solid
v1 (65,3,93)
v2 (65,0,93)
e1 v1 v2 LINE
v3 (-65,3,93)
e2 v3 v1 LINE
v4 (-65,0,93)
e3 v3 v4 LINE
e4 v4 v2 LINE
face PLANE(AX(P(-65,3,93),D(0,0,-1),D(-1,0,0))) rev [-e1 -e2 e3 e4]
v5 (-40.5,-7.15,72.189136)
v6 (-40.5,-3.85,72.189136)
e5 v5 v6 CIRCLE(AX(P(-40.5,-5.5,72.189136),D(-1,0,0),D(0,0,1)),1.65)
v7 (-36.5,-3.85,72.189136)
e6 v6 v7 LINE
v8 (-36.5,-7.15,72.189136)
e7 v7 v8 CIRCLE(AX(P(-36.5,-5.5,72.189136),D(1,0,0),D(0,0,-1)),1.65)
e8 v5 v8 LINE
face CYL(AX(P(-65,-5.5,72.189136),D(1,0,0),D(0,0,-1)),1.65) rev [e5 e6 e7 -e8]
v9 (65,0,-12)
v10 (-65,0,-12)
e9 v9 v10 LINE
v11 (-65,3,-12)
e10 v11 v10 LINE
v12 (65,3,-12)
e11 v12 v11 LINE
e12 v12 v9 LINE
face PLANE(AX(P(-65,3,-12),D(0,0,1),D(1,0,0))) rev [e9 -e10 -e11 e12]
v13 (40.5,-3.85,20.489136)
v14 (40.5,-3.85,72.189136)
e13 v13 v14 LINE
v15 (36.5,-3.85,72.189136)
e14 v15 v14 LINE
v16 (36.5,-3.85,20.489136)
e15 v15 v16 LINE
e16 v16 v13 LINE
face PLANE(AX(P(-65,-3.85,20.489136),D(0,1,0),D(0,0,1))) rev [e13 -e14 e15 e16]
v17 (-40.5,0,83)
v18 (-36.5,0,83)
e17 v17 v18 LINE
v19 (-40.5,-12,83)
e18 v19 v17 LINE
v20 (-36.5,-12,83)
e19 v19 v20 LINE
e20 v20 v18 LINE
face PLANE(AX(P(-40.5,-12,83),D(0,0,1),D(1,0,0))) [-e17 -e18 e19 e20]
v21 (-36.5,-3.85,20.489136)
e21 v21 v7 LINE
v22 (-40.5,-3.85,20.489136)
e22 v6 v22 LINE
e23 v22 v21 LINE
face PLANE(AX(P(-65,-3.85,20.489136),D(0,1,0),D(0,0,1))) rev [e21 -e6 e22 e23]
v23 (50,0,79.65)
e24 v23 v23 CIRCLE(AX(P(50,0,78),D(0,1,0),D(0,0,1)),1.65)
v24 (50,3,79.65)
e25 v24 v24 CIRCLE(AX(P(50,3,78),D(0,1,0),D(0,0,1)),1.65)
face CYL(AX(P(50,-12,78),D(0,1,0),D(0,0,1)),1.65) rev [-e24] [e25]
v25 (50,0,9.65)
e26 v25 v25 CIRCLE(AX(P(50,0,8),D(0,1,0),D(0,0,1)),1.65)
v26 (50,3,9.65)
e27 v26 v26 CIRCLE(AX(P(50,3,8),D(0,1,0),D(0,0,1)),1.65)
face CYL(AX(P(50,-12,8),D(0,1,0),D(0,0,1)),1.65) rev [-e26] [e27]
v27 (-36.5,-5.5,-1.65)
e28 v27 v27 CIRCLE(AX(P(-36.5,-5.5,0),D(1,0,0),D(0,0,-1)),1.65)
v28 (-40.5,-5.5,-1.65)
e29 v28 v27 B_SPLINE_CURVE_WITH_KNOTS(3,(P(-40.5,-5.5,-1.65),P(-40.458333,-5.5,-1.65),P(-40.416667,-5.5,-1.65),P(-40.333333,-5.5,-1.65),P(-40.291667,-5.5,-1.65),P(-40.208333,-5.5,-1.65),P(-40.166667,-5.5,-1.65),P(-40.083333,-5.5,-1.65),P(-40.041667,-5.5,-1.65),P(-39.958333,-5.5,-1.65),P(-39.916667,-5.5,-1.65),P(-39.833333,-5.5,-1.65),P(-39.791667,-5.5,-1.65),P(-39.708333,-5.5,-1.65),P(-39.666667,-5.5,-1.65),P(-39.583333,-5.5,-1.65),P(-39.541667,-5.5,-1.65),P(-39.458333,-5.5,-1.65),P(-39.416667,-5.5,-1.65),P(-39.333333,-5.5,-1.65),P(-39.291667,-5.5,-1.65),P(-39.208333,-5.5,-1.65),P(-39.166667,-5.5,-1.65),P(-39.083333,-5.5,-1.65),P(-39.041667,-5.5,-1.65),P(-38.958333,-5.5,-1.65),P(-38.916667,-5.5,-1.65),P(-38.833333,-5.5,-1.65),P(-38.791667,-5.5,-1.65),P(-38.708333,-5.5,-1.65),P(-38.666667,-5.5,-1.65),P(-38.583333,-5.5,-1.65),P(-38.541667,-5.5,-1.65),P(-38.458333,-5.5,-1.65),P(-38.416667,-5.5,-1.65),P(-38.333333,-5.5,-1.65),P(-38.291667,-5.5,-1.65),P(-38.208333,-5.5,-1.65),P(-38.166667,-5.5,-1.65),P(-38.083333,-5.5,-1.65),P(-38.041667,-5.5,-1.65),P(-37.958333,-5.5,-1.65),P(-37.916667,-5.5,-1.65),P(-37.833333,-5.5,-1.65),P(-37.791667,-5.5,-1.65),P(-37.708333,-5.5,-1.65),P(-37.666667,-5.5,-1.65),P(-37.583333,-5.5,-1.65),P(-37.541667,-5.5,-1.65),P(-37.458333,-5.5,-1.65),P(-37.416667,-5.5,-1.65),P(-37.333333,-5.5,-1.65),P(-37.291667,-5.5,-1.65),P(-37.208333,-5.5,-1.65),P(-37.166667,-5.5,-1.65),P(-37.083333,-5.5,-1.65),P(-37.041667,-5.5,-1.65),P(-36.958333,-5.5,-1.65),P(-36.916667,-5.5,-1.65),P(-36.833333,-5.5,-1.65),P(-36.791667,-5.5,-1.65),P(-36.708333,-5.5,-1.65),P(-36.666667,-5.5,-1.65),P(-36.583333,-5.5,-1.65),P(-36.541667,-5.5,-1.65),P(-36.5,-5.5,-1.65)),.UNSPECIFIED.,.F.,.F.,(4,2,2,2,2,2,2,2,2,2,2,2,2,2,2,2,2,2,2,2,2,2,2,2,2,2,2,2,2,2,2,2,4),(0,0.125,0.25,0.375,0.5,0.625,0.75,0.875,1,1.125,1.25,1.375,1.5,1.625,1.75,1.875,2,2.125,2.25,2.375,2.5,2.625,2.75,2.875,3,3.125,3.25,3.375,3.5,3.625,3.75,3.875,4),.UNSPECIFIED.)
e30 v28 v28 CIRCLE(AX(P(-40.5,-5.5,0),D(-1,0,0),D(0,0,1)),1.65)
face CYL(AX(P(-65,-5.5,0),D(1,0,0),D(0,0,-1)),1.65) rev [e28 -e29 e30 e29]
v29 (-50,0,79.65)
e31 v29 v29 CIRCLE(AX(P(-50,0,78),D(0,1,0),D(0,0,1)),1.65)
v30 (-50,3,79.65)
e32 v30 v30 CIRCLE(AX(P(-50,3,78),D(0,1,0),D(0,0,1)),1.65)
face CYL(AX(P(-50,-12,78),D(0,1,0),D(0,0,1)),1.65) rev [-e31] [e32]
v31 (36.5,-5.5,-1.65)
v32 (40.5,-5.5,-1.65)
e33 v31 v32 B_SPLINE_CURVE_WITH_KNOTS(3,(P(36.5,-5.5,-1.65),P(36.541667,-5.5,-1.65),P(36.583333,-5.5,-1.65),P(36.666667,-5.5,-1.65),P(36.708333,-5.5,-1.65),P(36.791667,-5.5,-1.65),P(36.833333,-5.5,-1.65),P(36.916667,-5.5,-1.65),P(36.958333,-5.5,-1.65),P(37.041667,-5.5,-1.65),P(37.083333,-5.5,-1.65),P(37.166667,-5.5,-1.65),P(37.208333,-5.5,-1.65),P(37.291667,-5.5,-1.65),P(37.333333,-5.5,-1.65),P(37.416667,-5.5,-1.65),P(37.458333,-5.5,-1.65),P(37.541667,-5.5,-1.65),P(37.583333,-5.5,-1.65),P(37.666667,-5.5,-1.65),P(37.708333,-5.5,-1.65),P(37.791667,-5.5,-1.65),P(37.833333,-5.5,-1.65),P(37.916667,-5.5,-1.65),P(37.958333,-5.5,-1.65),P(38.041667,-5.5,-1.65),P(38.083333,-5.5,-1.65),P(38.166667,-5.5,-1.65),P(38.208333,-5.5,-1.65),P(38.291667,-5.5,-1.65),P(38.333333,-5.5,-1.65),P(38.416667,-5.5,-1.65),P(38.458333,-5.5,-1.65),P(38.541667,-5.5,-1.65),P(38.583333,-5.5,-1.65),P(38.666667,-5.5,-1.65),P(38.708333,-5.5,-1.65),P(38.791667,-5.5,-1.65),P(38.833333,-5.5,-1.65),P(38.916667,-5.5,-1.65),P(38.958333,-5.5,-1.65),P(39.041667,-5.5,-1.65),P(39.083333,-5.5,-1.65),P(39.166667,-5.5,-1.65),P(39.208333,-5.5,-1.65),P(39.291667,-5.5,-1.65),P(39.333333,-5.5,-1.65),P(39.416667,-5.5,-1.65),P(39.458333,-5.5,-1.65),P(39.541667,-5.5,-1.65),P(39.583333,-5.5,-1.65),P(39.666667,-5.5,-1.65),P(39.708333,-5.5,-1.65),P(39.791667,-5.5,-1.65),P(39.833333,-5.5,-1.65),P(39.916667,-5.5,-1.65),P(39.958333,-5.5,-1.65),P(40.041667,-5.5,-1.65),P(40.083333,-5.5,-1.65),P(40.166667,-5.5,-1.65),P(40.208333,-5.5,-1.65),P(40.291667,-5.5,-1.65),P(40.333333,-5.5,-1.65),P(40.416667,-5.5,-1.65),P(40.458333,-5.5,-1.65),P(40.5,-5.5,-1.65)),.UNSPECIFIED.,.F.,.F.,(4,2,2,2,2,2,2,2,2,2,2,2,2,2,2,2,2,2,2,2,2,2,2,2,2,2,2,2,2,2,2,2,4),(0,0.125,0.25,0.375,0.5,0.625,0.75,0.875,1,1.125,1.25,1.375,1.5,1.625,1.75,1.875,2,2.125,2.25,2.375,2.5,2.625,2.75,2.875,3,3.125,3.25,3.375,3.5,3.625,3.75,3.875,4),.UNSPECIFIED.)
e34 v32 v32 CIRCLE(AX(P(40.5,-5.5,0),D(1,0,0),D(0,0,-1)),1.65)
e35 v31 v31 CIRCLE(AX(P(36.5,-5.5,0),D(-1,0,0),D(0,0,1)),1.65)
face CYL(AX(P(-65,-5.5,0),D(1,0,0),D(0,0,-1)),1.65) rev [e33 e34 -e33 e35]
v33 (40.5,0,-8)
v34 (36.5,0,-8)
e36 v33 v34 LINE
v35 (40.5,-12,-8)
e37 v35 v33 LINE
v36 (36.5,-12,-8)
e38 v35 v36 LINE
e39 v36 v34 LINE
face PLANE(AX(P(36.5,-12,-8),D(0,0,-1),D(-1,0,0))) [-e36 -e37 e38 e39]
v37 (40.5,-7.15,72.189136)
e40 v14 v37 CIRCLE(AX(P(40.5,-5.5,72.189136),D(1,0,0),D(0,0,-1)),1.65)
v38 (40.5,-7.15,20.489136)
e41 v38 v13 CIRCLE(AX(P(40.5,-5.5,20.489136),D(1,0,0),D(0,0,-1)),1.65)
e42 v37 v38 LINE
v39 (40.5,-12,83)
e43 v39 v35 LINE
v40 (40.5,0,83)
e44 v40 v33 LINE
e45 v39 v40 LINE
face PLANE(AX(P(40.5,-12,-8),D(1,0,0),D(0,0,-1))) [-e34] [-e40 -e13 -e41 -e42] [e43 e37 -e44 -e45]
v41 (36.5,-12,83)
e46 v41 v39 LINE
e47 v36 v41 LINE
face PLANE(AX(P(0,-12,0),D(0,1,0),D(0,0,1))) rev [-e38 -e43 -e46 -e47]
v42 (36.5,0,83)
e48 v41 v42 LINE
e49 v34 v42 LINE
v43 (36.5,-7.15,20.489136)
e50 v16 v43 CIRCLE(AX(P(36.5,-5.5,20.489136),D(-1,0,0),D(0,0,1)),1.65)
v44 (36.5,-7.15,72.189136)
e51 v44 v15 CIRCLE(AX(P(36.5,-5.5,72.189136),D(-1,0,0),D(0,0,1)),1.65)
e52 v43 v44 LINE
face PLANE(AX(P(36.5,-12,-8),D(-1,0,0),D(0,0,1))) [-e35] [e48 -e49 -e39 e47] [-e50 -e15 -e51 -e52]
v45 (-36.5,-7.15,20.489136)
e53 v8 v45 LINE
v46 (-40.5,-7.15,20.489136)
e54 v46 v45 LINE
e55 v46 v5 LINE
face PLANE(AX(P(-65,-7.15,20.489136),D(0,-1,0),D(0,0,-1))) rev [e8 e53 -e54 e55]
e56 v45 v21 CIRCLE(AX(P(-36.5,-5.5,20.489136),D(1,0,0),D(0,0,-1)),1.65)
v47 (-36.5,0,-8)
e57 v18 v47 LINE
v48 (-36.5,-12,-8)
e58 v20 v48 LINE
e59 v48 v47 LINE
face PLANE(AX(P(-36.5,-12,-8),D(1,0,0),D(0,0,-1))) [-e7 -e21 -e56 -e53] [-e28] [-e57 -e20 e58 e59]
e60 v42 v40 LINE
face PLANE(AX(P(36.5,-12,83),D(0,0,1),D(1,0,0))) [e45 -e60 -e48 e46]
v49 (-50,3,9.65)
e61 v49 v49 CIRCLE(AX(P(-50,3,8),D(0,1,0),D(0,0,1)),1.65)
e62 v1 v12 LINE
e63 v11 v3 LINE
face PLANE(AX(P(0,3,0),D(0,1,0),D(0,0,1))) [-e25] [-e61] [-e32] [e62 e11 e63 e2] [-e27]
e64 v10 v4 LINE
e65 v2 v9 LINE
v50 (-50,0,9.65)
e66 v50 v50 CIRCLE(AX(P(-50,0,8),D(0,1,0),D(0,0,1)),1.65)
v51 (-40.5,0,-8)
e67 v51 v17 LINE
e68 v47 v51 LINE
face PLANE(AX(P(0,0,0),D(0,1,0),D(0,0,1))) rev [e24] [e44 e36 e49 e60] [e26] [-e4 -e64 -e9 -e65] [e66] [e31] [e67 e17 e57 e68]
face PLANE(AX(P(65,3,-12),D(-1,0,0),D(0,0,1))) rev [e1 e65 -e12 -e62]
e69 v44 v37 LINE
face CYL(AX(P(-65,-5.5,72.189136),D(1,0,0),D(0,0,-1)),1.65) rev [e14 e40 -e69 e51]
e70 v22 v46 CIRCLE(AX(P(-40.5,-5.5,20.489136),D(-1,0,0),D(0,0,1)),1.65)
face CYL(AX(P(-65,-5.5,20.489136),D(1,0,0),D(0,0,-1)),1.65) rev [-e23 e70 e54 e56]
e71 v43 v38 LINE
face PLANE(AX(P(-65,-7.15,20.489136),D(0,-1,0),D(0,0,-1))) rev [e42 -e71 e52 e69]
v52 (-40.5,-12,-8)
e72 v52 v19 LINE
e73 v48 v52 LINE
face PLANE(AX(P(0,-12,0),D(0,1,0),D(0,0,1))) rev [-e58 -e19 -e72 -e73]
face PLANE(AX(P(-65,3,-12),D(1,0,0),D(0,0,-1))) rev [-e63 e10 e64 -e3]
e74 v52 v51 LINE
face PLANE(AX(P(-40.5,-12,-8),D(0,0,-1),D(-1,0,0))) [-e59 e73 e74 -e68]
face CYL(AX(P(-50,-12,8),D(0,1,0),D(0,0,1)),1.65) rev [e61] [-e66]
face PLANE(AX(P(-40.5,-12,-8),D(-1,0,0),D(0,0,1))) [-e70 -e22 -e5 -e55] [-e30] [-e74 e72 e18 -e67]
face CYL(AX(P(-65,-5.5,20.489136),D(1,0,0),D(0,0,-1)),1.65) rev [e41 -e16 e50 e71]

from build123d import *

# Parameters (mm, degrees)
SKETCH_1_W         = 130
SKETCH_1_H         = 105
F_3MM_DEPTH        = 3
SKETCH_2_W         = 4
SKETCH_2_H         = 91
F_12MM_DEPTH       = 12
SKETCH_3_R         = 1.65
F_3P3MM_DEPTH      = 142.149743181
SKETCH_4_R         = 1.65
CUT_EXTRUDE1_DEPTH = 115.450862819


with BuildPart() as part:
    # 草图1 → 支架连接板_3mm (new body)
    with BuildSketch(Plane(origin=(0, 0, 0), x_dir=(1, 0, 0), z_dir=(0, 1, 0))):
        with Locations((0, -40.5)):
            Rectangle(SKETCH_1_W, SKETCH_1_H)
    extrude(amount=F_3MM_DEPTH)

    # 草图2 → 左右导轨_12mm (add)
    with BuildSketch(Plane(origin=(0, 0, 0), x_dir=(1, 0, 0), z_dir=(0, 1, 0))):
        with Locations((-38.5, -37.5)):
            Rectangle(SKETCH_2_W, SKETCH_2_H)
        with Locations((38.5, -37.5)):
            Rectangle(SKETCH_2_W, SKETCH_2_H)
    extrude(amount=-F_12MM_DEPTH)

    # 草图3 → 左右铰接孔及滑槽_3p3mm (cut, through all)
    with BuildSketch(Plane(origin=(40.5, 0, 0), x_dir=(0, 0, -1), z_dir=(1, 0, 0))):
        with Locations((0, -5.5)):
            Circle(SKETCH_3_R)
        with BuildLine():
            Line((-20.48913575, -7.15), (-72.18913575, -7.15))
            ThreePointArc((-72.18913575, -7.15), (-73.83913575, -5.5), (-72.18913575, -3.85))
            Line((-72.18913575, -3.85), (-20.48913575, -3.85))
            ThreePointArc((-20.48913575, -3.85), (-18.83913575, -5.5), (-20.48913575, -7.15))
        make_face()
    extrude(amount=-F_3P3MM_DEPTH, mode=Mode.SUBTRACT)

    # 草图4 → Cut-Extrude1 (cut, through all)
    with BuildSketch(Plane(origin=(0, 3, 0), x_dir=(1, 0, 0), z_dir=(0, 1, 0))):
        with Locations(Location((-50, -8, 0), (0, 0, 270))):
            Circle(SKETCH_4_R)
        with Locations(Location((-50, -78, 0), (0, 0, 270))):
            Circle(SKETCH_4_R)
        with Locations(Location((50, -8, 0), (0, 0, 270))):
            Circle(SKETCH_4_R)
        with Locations(Location((50, -78, 0), (0, 0, 270))):
            Circle(SKETCH_4_R)
    extrude(amount=-CUT_EXTRUDE1_DEPTH, mode=Mode.SUBTRACT)


solid = part.part
